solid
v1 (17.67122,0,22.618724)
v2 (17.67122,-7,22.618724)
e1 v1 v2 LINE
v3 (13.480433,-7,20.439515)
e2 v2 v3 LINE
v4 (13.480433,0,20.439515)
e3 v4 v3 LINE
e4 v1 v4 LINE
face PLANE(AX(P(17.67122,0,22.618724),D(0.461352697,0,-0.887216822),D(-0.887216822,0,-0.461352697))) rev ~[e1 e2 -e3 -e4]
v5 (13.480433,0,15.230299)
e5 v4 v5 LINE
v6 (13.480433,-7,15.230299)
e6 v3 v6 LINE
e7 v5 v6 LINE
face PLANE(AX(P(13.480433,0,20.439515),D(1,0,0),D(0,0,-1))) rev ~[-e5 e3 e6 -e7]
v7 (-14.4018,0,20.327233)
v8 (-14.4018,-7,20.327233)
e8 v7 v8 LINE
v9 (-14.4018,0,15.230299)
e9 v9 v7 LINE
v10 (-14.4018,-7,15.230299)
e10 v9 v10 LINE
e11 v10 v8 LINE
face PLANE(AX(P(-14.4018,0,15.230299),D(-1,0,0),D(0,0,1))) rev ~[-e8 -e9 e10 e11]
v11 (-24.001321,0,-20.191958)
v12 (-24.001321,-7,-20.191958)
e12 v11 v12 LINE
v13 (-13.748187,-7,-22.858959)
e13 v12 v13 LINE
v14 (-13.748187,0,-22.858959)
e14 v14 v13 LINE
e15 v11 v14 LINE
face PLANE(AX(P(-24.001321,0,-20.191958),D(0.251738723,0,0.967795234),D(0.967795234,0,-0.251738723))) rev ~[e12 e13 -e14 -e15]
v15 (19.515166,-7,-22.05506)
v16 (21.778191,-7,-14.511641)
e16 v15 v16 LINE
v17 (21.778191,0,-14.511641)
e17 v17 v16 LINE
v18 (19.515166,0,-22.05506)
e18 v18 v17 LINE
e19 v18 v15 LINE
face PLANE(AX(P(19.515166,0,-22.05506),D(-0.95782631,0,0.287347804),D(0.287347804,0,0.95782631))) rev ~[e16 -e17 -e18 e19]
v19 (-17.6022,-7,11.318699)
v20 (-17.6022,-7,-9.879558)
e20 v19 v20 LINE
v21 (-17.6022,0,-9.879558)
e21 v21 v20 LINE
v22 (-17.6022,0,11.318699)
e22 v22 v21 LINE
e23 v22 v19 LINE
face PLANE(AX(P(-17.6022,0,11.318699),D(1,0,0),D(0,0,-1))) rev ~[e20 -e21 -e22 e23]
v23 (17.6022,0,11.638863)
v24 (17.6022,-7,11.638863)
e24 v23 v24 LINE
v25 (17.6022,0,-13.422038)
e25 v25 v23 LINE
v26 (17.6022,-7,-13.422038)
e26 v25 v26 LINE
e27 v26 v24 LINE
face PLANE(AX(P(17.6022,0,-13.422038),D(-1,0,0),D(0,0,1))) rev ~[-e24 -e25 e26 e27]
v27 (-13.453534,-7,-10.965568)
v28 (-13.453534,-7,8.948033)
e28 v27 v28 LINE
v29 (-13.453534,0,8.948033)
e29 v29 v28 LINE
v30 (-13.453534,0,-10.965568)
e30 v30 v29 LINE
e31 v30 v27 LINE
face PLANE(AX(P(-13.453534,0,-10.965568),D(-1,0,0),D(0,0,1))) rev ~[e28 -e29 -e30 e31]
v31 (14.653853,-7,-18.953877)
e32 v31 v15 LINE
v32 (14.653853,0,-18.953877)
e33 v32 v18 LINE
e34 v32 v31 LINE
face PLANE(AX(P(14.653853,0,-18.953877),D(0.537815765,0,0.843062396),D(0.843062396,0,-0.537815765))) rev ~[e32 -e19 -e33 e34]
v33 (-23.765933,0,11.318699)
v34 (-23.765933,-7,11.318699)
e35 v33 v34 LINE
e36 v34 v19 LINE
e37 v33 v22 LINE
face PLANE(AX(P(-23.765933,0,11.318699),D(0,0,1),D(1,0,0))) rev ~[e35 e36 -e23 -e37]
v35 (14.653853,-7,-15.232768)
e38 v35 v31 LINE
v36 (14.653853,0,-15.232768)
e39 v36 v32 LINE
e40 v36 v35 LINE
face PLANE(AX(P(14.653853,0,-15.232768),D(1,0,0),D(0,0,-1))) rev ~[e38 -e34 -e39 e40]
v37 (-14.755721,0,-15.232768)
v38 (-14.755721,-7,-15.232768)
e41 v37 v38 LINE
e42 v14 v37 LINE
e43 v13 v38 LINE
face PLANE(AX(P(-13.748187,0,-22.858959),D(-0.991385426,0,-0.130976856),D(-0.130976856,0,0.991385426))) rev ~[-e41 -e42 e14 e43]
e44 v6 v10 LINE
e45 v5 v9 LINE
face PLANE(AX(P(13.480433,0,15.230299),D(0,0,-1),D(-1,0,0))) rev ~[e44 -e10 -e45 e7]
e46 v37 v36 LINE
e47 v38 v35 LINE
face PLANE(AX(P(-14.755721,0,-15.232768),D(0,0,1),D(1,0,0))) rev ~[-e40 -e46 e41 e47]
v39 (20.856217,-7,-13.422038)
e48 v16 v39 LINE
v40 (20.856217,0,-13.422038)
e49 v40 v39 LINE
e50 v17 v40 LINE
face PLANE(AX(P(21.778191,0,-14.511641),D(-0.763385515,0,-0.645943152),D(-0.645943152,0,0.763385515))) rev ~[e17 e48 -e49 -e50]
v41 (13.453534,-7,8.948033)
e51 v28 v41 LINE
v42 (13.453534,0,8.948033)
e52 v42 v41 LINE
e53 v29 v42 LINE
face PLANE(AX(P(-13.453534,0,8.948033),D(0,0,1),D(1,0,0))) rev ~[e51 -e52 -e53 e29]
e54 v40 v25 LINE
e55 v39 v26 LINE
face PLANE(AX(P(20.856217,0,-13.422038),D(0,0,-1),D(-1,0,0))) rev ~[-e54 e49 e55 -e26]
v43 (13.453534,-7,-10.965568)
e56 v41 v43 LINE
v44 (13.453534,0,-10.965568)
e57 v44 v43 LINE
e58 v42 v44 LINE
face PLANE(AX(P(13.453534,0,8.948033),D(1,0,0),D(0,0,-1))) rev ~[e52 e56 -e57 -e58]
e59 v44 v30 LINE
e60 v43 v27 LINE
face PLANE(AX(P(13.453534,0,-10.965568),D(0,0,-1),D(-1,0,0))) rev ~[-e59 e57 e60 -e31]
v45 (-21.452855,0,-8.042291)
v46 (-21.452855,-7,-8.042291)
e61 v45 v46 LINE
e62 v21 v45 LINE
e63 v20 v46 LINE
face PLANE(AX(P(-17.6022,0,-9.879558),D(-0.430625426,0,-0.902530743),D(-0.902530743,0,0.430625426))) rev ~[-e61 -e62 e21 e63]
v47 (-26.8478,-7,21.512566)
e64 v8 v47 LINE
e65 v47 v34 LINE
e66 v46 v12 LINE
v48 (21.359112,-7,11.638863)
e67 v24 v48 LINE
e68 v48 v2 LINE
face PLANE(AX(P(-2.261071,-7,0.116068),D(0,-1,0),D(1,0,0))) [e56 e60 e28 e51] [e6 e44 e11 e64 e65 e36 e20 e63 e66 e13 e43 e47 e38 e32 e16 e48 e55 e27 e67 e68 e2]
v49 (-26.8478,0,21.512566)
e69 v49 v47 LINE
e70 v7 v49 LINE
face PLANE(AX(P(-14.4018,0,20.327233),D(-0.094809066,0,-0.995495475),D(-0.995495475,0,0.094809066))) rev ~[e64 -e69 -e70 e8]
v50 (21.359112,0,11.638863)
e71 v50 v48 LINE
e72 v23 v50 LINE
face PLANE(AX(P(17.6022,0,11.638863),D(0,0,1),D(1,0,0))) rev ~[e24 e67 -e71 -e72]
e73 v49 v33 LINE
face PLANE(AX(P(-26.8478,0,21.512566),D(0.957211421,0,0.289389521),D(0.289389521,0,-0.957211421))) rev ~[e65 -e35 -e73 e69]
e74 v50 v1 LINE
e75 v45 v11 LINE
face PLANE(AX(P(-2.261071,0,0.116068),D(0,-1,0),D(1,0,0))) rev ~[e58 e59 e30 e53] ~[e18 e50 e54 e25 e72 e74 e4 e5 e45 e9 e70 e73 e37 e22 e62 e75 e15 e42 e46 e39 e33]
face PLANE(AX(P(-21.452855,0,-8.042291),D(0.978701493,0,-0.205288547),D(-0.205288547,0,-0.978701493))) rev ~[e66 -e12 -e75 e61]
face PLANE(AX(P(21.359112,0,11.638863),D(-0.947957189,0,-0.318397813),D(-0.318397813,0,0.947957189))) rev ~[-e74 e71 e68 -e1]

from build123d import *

# Parameters (mm, degrees)
F1_DEPTH = 7


with BuildPart() as f1:
    # F0 (on Front) → F1 (new body)
    with BuildSketch(Plane.XZ):
        Polygon((13.480433, 15.230299), (0, 15.230299), (-14.4018, 15.230299), (-14.4018, 20.327233), (-26.8478, 21.512566), (-23.765933, 11.318699), (-17.6022, 11.318699), (-17.6022, -9.879558), (-21.452855, -8.042291), (-24.001321, -20.191958), (-13.748187, -22.858959), (-14.755721, -15.232768), (0, -15.232768), (14.653853, -15.232768), (14.653853, -18.953877), (19.515166, -22.05506), (21.778191, -14.511641), (20.856217, -13.422038), (17.6022, -13.422038), (17.6022, 11.638863), (21.359112, 11.638863), (17.67122, 22.618724), (13.480433, 20.439515), align=None)
        Polygon((-13.453534, 8.948033), (0, 8.948033), (13.453534, 8.948033), (13.453534, -10.965568), (0, -10.965568), (-13.453534, -10.965568), align=None, mode=Mode.SUBTRACT)
    extrude(amount=F1_DEPTH)


solid = f1.part
